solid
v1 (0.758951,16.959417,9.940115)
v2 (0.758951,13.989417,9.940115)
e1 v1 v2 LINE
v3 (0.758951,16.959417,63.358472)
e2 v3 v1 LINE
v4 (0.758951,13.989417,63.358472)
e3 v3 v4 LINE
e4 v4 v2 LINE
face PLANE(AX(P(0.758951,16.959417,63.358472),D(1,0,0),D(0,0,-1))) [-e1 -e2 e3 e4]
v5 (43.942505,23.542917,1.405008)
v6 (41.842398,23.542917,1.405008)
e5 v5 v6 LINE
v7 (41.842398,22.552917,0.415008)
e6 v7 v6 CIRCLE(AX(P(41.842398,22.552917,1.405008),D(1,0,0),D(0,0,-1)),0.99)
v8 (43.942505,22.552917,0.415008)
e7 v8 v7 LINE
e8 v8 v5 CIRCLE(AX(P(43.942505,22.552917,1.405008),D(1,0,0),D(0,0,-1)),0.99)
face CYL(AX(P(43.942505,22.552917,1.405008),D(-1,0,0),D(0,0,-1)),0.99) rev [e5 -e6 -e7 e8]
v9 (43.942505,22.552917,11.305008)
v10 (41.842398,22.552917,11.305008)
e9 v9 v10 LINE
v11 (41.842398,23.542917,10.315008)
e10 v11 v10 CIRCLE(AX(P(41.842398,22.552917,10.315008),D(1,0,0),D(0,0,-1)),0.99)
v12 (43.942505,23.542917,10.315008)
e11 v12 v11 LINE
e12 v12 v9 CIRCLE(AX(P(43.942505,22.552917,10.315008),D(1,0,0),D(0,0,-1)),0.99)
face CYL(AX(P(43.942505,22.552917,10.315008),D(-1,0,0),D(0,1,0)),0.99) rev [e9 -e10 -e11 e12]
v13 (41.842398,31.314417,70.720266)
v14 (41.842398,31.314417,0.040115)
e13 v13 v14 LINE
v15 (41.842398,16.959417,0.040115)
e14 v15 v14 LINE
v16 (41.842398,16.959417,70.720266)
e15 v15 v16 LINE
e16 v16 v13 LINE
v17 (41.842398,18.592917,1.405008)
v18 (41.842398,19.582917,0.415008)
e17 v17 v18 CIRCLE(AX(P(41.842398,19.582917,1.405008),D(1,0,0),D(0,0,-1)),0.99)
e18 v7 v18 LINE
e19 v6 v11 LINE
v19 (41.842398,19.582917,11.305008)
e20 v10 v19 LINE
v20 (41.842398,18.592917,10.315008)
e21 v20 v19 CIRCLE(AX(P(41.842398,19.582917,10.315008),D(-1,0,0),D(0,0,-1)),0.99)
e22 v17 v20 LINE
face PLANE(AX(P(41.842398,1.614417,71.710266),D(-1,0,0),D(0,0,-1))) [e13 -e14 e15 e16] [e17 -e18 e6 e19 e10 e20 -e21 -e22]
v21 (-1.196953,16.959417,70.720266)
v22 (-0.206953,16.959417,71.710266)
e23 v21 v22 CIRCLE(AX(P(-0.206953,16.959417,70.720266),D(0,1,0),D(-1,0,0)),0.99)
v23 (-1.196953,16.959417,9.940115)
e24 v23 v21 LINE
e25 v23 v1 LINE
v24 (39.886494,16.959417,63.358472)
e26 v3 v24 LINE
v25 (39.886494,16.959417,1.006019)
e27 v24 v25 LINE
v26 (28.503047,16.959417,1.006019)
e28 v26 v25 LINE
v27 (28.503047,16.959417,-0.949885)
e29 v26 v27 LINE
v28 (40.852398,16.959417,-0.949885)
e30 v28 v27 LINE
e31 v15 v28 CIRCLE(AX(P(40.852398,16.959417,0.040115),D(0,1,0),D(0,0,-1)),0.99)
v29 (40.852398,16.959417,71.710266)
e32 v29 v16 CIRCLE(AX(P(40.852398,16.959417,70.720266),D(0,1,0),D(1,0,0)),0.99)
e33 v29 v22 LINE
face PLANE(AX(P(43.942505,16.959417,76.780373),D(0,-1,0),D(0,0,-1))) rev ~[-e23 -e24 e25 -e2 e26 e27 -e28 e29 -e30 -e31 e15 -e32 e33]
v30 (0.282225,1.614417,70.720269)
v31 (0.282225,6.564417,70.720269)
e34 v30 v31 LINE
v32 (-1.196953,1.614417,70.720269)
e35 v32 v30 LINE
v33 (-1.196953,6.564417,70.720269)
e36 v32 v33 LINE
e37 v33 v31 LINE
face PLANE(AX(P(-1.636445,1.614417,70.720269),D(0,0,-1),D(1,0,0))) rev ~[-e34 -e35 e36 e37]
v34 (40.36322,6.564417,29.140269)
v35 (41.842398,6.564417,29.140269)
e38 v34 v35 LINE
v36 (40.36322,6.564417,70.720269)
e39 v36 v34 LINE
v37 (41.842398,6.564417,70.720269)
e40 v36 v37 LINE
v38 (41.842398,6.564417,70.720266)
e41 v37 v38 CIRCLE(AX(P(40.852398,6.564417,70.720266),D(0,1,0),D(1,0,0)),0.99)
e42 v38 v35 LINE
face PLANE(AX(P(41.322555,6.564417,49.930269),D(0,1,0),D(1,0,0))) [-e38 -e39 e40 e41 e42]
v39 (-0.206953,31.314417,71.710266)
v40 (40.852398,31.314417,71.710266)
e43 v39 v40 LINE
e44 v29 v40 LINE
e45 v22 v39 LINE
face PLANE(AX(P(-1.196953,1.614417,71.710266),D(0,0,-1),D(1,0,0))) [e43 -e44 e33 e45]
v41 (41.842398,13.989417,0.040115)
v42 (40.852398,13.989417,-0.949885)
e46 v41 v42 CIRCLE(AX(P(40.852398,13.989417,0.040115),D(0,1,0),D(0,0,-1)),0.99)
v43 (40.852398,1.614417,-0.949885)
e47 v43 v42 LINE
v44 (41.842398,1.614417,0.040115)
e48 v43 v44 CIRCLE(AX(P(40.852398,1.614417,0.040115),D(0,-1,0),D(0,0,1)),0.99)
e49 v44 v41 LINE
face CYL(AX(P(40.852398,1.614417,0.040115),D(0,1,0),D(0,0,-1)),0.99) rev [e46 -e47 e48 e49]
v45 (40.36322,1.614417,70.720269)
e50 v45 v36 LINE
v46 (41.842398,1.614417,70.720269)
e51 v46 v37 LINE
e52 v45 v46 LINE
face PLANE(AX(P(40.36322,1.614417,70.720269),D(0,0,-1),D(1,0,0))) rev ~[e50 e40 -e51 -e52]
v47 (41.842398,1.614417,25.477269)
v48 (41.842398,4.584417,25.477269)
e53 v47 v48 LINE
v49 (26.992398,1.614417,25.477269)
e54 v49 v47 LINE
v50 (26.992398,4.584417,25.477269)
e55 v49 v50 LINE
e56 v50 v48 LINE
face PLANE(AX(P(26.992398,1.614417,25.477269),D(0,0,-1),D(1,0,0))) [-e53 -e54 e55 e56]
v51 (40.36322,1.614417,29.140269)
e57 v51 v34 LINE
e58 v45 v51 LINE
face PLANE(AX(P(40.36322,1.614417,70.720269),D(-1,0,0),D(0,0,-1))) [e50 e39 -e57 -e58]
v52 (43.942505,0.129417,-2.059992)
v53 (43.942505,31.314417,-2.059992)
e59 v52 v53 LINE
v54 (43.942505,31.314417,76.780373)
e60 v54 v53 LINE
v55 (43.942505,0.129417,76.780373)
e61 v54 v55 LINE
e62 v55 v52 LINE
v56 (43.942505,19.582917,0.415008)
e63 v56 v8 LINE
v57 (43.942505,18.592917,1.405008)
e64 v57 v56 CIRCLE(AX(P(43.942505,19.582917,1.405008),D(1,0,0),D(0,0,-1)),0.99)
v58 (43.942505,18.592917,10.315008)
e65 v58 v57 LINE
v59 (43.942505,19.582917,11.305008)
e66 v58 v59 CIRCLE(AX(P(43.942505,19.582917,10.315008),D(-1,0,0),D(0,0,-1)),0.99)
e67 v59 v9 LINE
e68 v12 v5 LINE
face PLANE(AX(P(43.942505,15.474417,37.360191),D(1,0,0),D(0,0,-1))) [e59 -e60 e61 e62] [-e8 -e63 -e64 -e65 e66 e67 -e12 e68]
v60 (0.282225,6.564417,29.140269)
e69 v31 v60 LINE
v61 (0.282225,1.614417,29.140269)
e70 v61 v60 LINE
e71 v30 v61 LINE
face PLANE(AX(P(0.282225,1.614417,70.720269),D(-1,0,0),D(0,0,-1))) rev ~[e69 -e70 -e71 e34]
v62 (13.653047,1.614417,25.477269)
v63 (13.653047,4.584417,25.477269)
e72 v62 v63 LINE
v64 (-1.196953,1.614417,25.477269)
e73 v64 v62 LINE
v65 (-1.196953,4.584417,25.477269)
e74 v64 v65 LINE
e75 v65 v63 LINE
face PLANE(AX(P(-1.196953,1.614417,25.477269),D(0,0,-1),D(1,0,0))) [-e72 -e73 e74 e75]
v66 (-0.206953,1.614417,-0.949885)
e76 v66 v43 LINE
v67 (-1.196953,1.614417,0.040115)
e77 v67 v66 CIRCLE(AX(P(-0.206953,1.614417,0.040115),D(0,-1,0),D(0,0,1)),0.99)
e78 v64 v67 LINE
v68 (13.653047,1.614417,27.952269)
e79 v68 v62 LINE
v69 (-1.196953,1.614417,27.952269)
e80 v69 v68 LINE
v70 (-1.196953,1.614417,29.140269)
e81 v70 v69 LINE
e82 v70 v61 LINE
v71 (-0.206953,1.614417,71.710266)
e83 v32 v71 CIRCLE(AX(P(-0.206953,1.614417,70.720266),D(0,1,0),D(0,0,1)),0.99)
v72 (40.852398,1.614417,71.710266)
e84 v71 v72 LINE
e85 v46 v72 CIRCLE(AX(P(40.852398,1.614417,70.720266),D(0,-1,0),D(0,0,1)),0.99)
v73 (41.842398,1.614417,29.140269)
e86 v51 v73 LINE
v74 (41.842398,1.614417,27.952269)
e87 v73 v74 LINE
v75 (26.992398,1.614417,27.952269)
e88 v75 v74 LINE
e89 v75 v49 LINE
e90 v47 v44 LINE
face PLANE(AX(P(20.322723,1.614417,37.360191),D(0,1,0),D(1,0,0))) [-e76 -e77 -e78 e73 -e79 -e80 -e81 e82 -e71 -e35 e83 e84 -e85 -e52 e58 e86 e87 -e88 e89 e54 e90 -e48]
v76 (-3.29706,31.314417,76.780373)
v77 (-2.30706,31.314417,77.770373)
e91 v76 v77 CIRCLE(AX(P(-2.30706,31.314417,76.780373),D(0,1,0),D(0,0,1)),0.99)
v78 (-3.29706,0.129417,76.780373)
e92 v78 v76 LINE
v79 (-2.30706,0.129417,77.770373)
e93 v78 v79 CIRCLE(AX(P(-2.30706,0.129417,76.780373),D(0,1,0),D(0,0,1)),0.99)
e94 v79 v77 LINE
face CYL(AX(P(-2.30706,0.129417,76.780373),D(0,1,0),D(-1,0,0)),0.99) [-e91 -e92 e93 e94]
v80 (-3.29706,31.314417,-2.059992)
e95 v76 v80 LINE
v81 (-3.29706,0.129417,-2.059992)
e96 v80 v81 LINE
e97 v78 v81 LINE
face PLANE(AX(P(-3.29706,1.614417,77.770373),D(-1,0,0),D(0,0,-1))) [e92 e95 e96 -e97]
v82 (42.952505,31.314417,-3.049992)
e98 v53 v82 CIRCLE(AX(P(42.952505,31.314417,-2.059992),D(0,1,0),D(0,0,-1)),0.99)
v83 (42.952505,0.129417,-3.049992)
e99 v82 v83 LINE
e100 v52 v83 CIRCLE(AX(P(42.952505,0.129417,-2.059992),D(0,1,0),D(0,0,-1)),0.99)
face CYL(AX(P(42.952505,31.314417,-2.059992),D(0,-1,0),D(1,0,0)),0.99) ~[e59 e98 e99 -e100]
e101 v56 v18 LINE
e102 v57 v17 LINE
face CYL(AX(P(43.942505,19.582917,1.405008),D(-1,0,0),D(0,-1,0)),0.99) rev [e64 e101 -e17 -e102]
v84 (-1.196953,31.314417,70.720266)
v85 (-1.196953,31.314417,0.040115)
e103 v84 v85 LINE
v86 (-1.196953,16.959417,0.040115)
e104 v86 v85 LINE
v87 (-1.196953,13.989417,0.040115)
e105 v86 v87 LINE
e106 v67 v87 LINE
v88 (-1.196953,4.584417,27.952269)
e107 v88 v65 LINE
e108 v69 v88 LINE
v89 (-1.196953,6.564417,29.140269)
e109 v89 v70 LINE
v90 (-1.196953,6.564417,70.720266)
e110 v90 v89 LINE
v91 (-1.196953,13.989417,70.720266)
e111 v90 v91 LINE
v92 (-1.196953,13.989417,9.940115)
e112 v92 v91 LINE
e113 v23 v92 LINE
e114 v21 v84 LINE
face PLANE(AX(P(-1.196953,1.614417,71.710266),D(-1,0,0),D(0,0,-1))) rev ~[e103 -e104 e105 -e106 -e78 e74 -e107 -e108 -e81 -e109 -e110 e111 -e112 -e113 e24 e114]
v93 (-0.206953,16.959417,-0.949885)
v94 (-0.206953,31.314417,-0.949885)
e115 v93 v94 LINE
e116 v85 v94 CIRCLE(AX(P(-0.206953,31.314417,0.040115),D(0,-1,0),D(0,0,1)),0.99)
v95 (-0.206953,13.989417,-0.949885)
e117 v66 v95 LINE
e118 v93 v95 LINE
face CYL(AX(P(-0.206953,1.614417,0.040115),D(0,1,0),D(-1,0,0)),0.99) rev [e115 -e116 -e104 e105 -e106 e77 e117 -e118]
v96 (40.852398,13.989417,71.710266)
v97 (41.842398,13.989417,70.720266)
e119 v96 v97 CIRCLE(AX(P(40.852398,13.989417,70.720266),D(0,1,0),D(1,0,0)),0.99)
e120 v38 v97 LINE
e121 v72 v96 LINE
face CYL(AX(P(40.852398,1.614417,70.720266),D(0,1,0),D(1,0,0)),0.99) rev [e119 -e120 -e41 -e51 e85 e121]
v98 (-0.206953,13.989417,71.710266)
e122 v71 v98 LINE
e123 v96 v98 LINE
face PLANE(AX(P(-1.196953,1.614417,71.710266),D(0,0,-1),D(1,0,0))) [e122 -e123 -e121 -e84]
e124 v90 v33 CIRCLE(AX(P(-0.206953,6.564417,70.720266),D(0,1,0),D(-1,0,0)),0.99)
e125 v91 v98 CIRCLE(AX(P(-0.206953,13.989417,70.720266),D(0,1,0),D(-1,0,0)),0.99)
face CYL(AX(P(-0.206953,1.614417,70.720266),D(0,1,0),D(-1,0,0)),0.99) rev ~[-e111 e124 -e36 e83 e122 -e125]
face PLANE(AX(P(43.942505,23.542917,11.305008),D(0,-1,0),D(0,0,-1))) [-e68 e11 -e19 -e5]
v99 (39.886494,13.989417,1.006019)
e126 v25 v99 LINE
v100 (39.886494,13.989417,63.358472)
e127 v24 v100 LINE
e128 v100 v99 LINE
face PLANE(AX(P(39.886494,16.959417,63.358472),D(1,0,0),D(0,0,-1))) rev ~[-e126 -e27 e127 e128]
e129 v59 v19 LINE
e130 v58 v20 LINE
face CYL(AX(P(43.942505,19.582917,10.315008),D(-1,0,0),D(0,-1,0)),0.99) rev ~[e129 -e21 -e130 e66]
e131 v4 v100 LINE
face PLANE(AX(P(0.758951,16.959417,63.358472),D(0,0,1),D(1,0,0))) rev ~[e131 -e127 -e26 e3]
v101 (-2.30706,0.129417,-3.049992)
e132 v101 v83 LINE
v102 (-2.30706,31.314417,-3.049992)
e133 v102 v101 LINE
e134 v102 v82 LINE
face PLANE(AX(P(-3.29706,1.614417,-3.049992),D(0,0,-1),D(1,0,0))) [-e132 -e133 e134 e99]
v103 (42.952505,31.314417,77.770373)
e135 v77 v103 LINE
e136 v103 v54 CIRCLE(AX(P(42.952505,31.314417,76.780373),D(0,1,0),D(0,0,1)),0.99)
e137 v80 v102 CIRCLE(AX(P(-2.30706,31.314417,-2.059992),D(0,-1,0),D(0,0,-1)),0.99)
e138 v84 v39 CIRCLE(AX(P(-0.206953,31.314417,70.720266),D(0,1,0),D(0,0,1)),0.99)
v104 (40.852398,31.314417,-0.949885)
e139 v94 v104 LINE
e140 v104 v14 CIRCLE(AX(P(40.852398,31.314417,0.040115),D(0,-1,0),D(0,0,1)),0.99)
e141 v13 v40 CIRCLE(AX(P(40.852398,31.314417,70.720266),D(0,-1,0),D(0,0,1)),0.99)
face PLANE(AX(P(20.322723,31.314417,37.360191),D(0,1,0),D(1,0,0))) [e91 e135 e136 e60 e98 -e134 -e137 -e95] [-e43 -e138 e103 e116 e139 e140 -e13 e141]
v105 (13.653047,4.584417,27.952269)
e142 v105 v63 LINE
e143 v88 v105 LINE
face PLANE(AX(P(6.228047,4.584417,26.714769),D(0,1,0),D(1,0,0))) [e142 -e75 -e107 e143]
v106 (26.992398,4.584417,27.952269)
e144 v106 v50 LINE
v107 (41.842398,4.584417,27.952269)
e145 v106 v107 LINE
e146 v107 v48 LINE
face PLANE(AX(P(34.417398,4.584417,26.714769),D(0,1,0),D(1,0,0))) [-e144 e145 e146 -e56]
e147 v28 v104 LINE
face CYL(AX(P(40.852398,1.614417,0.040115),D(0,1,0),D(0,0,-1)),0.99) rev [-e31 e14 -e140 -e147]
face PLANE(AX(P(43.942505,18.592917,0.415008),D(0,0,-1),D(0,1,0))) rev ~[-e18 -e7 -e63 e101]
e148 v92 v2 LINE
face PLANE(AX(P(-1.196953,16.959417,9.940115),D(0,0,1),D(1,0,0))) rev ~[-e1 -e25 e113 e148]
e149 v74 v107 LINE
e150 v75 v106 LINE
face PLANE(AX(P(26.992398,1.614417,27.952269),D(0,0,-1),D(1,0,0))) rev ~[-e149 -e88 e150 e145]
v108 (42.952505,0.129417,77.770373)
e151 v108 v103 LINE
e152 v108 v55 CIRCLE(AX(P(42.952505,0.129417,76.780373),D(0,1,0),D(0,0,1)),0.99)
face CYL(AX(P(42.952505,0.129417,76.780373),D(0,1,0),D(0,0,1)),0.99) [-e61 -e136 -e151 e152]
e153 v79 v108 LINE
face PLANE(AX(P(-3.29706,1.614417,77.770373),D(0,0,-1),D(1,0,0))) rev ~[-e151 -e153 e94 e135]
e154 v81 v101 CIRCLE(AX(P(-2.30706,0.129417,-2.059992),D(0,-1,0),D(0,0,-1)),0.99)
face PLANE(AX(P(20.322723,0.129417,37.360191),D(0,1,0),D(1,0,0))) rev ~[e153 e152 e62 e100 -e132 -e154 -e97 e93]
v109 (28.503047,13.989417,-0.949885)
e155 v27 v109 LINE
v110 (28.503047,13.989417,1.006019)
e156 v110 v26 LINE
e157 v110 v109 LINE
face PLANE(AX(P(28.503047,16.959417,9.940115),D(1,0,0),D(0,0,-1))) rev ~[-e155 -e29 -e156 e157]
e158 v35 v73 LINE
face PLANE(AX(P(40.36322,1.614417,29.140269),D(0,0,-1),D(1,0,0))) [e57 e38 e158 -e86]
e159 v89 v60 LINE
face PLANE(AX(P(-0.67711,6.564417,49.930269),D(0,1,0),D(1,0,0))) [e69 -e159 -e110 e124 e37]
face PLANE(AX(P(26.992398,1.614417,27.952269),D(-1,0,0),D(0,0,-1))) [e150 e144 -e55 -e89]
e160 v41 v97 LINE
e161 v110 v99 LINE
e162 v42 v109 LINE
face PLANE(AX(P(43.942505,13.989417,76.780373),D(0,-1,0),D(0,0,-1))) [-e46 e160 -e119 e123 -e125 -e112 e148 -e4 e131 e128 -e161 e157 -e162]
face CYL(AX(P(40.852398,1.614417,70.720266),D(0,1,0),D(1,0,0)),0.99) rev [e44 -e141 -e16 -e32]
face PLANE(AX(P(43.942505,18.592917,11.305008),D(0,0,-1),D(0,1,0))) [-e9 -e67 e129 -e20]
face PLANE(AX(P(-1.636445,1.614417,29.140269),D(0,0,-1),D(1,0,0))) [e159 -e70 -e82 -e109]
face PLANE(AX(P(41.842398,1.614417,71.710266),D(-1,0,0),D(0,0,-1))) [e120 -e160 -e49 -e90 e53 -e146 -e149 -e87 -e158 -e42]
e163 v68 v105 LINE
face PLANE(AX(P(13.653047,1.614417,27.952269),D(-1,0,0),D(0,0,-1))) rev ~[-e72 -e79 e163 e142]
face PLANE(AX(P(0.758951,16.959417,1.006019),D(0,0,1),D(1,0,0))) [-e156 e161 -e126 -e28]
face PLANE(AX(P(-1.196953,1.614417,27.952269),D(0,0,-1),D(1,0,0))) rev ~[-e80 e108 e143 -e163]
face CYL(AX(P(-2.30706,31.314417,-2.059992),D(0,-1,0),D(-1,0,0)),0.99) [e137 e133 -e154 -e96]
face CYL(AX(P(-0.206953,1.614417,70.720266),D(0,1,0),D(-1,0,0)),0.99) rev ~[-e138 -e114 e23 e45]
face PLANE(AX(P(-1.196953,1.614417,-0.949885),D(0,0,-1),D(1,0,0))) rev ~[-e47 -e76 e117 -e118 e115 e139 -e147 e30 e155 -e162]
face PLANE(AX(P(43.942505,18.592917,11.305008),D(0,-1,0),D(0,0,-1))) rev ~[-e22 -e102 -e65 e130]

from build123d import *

# Parameters (mm, degrees)
PCB_DIMENSIONS_W    = 47.716732244
PCB_DIMENSIONS_H    = 81.636732244
BOSS_EXTRUDE3_DEPTH = 1.5
SKETCH5_W           = 47.716732244
SKETCH5_H           = 81.636732244
SKETCH5_W_2         = 43.474091557
SKETCH5_H_2         = 73.394091557
BOSS_EXTRUDE5_DEPTH = 30
FILLET1_R           = 1
SKETCH9_W           = 1.93805105
SKETCH9_H           = 42
SKETCH9_W_2         = 1.938051049
BOSS_EXTRUDE6_DEPTH = 5
SKETCH14_W          = 15
SKETCH14_H          = 2.5
BOSS_EXTRUDE7_DEPTH = 3
SKETCH15_W          = 79.636732244
SKETCH15_H          = 3
BOSS_EXTRUDE8_DEPTH = 46
SKETCH17_W          = 39.522771214
SKETCH17_H          = 62.982276128
CUT_EXTRUDE1_DEPTH  = 3
CUT_EXTRUDE2_DEPTH  = 3
SKETCH19_W          = 11
SKETCH19_H          = 5
CUT_EXTRUDE3_DEPTH  = 10
FILLET2_R           = 1
SCALE1_SCALE        = 0.99


with BuildPart() as part:
    # PCB Dimensions → Boss-Extrude3 (new body)
    with BuildSketch(Plane(origin=(0, 0, 0), x_dir=(1, 0, 0), z_dir=(0, 1, 0))):
        with Locations((20.322832216, -37.282832216)):
            Rectangle(PCB_DIMENSIONS_W, PCB_DIMENSIONS_H)
    extrude(amount=BOSS_EXTRUDE3_DEPTH)

    # Sketch5 → Boss-Extrude5 (add)
    with BuildSketch(Plane(origin=(0, 1.5, 0), x_dir=(1, 0, 0), z_dir=(0, 1, 0))):
        with Locations((20.322832216, -37.282832216)):
            Rectangle(SKETCH5_W, SKETCH5_H)
        with Locations((20.322832217, -35.282832217)):
            Rectangle(SKETCH5_W_2, SKETCH5_H_2, mode=Mode.SUBTRACT)
    extrude(amount=BOSS_EXTRUDE5_DEPTH)

    # Fillet1
    fillet1_edges = [part.edges().sort_by_distance(p)[0] for p in [
        (42.059877995, 16.5, -1.414213562),
        (-1.414213562, 16.5, -1.414213562),
        (-1.414213562, 16.5, 71.979877995),
        (42.059877995, 16.5, 71.979877995),
        (44.181198338, 15.75, 78.101198338),
        (-3.535533906, 15.75, 78.101198338),
        (-3.535533906, 15.75, -3.535533906),
        (44.181198338, 15.75, -3.535533906),
    ]]
    fillet(fillet1_edges, radius=FILLET1_R)

    # Sketch9 → Boss-Extrude6 (add)
    with BuildSketch(Plane(origin=(0, 1.5, 0), x_dir=(1, 0, 0), z_dir=(0, 1, 0))):
        with Locations((-0.88911969, -49.979881394)):
            Rectangle(SKETCH9_W, SKETCH9_H)
        with Locations((41.534784122, -49.979881394)):
            Rectangle(SKETCH9_W_2, SKETCH9_H)
    extrude(amount=BOSS_EXTRUDE6_DEPTH)

    # Sketch14 → Boss-Extrude7 (add)
    with BuildSketch(Plane(origin=(0, 1.5, 0), x_dir=(1, 0, 0), z_dir=(0, 1, 0))):
        with Locations((6.085786438, -26.529881394)):
            Rectangle(SKETCH14_W, SKETCH14_H)
        with Locations((34.559877995, -26.529881394)):
            Rectangle(SKETCH14_W, SKETCH14_H)
    extrude(amount=BOSS_EXTRUDE7_DEPTH)

    # Sketch15 → Boss-Extrude8 (add)
    with BuildSketch(Plane(origin=(44.181198338, 0, 0), x_dir=(0, 0, -1), z_dir=(1, 0, 0))):
        with Locations((-37.282832216, 15.5)):
            Rectangle(SKETCH15_W, SKETCH15_H)
    extrude(amount=-BOSS_EXTRUDE8_DEPTH)

    # Sketch17 → Cut-Extrude1 (cut)
    with BuildSketch(Plane(origin=(0, 17, 0), x_dir=(1, 0, 0), z_dir=(0, 1, 0))):
        with Locations((20.322832216, -32.052584673)):
            Rectangle(SKETCH17_W, SKETCH17_H)
    extrude(amount=-CUT_EXTRUDE1_DEPTH, mode=Mode.SUBTRACT)

    # Sketch18 → Cut-Extrude2 (cut)
    with BuildSketch(Plane(origin=(0, 17, 0), x_dir=(1, 0, 0), z_dir=(0, 1, 0))):
        with BuildLine():
            Line((-1.414213562, -9.585786438), (28.585786438, -9.585786438))
            Line((28.585786438, -9.585786438), (28.585786438, 1.414213562))
            Line((28.585786438, 1.414213562), (-0.414213562, 1.414213562))
            ThreePointArc((-0.414213562, 1.414213562), (-1.121320344, 1.121320344), (-1.414213562, 0.414213562))
            Line((-1.414213562, 0.414213562), (-1.414213562, -9.585786438))
        make_face()
    extrude(amount=-CUT_EXTRUDE2_DEPTH, mode=Mode.SUBTRACT)

    # Sketch19 → Cut-Extrude3 (cut)
    with BuildSketch(Plane(origin=(44.181198338, 0, 0), x_dir=(0, 0, -1), z_dir=(1, 0, 0))):
        with Locations((-5.464466094, 21.15)):
            Rectangle(SKETCH19_W, SKETCH19_H)
    extrude(amount=-CUT_EXTRUDE3_DEPTH, mode=Mode.SUBTRACT)

    # Fillet2
    fillet2_edges = [part.edges().sort_by_distance(p)[0] for p in [
        (43.120538167, 23.65, -0.035533906),
        (43.120538167, 18.65, -0.035533906),
        (43.120538167, 18.65, 10.964466094),
        (43.120538167, 23.65, 10.964466094),
    ]]
    fillet(fillet2_edges, radius=FILLET2_R)


with BuildPart() as part_1:
    # Scale1: scaled about (20.311867002, 12.9416955, 45.018687776)
    add(part.part.scale(SCALE1_SCALE).moved(Location((0.20311867, 0.129416955, 0.450186878))))


solid = part_1.part
